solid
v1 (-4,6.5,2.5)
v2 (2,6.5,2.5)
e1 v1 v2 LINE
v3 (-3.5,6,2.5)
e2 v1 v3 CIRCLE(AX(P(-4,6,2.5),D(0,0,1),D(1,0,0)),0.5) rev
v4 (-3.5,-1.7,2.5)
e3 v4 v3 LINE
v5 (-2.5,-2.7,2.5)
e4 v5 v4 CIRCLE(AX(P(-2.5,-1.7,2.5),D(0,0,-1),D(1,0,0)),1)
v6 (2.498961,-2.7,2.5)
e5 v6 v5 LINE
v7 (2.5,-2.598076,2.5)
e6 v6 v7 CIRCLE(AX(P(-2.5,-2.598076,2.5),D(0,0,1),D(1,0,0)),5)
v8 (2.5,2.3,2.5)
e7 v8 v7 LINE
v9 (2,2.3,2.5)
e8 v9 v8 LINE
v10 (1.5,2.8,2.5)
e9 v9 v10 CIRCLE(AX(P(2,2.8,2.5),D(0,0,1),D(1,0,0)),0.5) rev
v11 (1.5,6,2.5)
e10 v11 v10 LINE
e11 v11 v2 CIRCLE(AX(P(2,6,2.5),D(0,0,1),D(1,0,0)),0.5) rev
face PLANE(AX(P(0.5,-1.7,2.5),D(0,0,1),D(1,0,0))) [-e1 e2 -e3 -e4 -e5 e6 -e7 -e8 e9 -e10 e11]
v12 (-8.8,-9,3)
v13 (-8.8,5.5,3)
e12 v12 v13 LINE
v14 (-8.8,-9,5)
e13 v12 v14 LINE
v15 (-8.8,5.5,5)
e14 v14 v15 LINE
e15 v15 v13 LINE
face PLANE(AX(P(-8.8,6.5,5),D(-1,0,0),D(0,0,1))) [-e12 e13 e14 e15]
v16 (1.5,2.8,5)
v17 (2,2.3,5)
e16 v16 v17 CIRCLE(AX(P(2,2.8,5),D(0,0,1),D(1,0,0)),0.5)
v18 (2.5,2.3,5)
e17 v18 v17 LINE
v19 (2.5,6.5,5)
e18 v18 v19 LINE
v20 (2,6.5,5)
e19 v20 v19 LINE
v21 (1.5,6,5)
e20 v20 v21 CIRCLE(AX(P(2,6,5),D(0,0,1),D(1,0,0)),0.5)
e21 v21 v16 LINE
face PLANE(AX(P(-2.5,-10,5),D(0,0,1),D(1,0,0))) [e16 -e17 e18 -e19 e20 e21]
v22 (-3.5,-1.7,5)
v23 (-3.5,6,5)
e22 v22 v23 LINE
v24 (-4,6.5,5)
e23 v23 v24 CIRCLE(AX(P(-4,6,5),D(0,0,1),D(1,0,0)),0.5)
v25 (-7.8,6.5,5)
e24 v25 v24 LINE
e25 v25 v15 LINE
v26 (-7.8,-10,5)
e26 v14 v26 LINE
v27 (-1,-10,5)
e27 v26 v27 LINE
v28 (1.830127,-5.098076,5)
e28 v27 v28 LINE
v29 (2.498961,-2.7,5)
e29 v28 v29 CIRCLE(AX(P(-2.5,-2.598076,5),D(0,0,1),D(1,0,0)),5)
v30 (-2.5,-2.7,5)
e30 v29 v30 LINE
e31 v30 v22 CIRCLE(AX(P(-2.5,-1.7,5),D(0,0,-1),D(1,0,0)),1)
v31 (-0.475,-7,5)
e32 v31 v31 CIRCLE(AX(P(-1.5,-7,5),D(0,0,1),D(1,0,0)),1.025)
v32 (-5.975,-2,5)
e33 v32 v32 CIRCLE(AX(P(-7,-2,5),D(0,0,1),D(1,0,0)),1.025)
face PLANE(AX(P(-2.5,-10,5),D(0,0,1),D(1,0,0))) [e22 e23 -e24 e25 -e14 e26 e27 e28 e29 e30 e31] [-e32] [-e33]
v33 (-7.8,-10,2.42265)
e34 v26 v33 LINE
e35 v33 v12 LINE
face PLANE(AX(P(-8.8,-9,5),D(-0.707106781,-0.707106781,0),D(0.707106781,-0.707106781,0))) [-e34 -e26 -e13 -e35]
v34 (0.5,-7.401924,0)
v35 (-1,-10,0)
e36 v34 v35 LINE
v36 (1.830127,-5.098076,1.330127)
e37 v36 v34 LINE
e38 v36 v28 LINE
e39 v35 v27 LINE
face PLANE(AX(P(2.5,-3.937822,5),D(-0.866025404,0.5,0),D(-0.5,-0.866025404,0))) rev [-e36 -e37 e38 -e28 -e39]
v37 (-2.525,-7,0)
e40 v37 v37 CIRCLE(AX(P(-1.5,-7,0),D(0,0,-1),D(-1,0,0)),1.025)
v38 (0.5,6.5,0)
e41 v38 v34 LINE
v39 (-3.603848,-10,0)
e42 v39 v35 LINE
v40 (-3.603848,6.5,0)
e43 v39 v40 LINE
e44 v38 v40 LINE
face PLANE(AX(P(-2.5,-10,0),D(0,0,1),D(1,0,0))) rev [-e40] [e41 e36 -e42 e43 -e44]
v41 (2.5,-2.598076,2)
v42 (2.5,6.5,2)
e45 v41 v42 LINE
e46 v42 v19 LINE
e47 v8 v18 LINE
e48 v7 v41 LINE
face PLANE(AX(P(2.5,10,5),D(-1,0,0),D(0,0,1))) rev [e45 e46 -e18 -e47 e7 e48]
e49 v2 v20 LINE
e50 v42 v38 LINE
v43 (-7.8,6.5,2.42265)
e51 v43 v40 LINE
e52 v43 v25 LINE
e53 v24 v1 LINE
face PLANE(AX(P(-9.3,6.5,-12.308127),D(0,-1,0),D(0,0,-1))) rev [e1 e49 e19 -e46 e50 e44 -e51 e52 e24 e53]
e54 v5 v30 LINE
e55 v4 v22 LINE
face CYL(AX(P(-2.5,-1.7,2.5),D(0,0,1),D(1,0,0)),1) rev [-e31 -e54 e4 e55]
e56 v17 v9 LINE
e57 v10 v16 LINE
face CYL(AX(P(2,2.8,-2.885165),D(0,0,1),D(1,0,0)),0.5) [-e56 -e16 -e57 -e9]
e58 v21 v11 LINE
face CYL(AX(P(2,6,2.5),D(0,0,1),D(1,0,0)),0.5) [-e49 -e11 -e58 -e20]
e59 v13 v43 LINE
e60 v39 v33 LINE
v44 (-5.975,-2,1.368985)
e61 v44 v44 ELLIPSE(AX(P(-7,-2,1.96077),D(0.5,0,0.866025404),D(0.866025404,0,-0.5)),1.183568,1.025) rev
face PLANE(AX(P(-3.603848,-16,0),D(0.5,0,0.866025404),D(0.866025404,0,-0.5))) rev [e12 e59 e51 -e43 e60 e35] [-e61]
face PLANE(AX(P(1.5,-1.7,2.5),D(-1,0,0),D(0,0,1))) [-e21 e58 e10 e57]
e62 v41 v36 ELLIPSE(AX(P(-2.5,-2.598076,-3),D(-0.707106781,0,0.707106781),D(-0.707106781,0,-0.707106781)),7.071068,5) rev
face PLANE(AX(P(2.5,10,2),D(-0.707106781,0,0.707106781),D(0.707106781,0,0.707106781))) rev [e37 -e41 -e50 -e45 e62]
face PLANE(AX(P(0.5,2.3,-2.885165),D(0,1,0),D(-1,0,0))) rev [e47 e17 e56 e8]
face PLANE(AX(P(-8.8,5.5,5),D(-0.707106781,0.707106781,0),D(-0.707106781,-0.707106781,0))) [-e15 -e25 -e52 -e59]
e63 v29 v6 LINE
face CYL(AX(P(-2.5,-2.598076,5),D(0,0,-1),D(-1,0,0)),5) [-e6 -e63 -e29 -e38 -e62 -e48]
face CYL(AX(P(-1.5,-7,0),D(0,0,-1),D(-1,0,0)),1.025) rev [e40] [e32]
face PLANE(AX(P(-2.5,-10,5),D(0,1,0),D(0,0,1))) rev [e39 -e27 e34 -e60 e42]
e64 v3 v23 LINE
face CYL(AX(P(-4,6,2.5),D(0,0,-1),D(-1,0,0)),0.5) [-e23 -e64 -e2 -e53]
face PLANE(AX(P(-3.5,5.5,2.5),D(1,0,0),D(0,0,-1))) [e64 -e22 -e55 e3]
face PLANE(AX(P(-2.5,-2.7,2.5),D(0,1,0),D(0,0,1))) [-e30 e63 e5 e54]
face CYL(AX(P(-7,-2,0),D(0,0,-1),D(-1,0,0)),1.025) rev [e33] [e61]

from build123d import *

# Parameters (mm, degrees)
SKETCH_1_W              = 5
SKETCH_1_H              = 20
EXTRUDE_1_DEPTH         = 5
SKETCH1_W               = 5
SKETCH1_H               = 20
EXTRUDE1_DEPTH          = 6.8
M2_5_TAPPED_HOLE1_D     = 2.05
M2_5_TAPPED_HOLE1_DEPTH = 6.35
M2_5_TAPPED_HOLE1_TIP   = 0.615882135
EXTRUDE2_DEPTH          = 2.5
SKETCH3_W               = 11.8
SKETCH3_H               = 3.5
EXTRUDE3_DEPTH          = 5
SKETCH4_W               = 5
SKETCH4_H               = 5
EXTRUDE4_DEPTH          = 2.5
CHAMFER4_SIZE           = 2
SKETCH8_W               = 2
SKETCH8_H               = 5
EXTRUDE6_DEPTH          = 2.5
FILLET1_R               = 0.5
FILLET2_R               = 0.5
CHAMFER6_SIZE           = 3.5
CHAMFER6_SIZE2          = 6.062177826
SKETCH12_W              = 5
SKETCH12_H              = 16.5
EXTRUDE11_DEPTH         = 0.5
EXTRUDE10_REACH         = 21.357
CHAMFER9_SIZE           = 1
FILLET3_R               = 5


with BuildPart() as part:
    # 草图1 → 拉伸1 (new body)
    with BuildSketch(Plane.XY):
        Rectangle(SKETCH_1_W, SKETCH_1_H)
    extrude(amount=EXTRUDE_1_DEPTH)

    # Sketch1 → Extrude1 (add)
    with BuildSketch(Plane.ZY.offset(2.5)):
        with Locations((2.5, 0)):
            Rectangle(SKETCH1_W, SKETCH1_H)
    extrude(amount=EXTRUDE1_DEPTH)

    # M2.5 Tapped Hole1
    with Locations(Plane(origin=(-1.5, -7, 0), x_dir=(-1, 0, 0), z_dir=(0, 0, -1))):
        with Locations((0, 0), (5.5, 5)):
            Hole(M2_5_TAPPED_HOLE1_D / 2, depth=M2_5_TAPPED_HOLE1_DEPTH)
            with Locations((0, 0, -(M2_5_TAPPED_HOLE1_DEPTH + M2_5_TAPPED_HOLE1_TIP / 2))):  # 118° drill point
                Cone(0, M2_5_TAPPED_HOLE1_D / 2, M2_5_TAPPED_HOLE1_TIP, mode=Mode.SUBTRACT)

    # Sketch2 → Extrude2 (cut)
    with BuildSketch(Plane(origin=(0, 0, 5), x_dir=(-1, 0, 0), z_dir=(0, 0, -1))):
        with BuildLine():
            Line((-1.5, -1.7), (-1.5, 5.5))
            ThreePointArc((-1.5, 5.5), (-1.207106781, 6.207106781), (-0.5, 6.5))
            Line((-0.5, 6.5), (2.5, 6.5))
            ThreePointArc((2.5, 6.5), (3.207106781, 6.207106781), (3.5, 5.5))
            Line((3.5, 5.5), (3.5, -1.7))
            ThreePointArc((3.5, -1.7), (3.207106781, -2.407106781), (2.5, -2.7))
            Line((2.5, -2.7), (-0.5, -2.7))
            ThreePointArc((-0.5, -2.7), (-1.207106781, -2.407106781), (-1.5, -1.7))
        make_face()
    extrude(amount=EXTRUDE2_DEPTH, mode=Mode.SUBTRACT)

    # Sketch3 → Extrude3 (cut)
    with BuildSketch(Plane.XY.offset(5)):
        with Locations((-3.4, 8.25)):
            Rectangle(SKETCH3_W, SKETCH3_H)
    extrude(amount=-EXTRUDE3_DEPTH, mode=Mode.SUBTRACT)

    # Sketch4 → Extrude4 (cut)
    with BuildSketch(Plane(origin=(0, 0, 5), x_dir=(-1, 0, 0), z_dir=(0, 0, -1))):
        with Locations((1, 5.5)):
            Rectangle(SKETCH4_W, SKETCH4_H)
    extrude(amount=EXTRUDE4_DEPTH, mode=Mode.SUBTRACT)

    # Chamfer4
    chamfer4_edges = [part.edges().sort_by_distance(p)[0] for p in [
        (2.5, -1.75, 0),
    ]]
    chamfer(chamfer4_edges, length=CHAMFER4_SIZE)

    # Sketch8 → Extrude6 (cut)
    with BuildSketch(Plane.XY.offset(5)):
        with Locations((1.5, -0.2)):
            Rectangle(SKETCH8_W, SKETCH8_H)
    extrude(amount=-EXTRUDE6_DEPTH, mode=Mode.SUBTRACT)

    # Fillet1
    fillet1_edges = [part.edges().sort_by_distance(p)[0] for p in [
        (1.5, 2.3, 3.75),
    ]]
    fillet(fillet1_edges, radius=FILLET1_R)

    # Fillet2
    fillet2_edges = [part.edges().sort_by_distance(p)[0] for p in [
        (-3.5, 6.5, 3.75),
        (1.5, 6.5, 3.75),
    ]]
    fillet(fillet2_edges, radius=FILLET2_R)

    # Chamfer6
    chamfer6_edges = [part.edges().sort_by_distance(p)[0] for p in [
        (2.5, -10, 3.5),
    ]]
    chamfer6_side = [part.faces().sort_by_distance(p)[0] for p in [
        (-3.583625731, -10, 2.564327485),
    ]]
    chamfer(chamfer6_edges, length=CHAMFER6_SIZE, length2=CHAMFER6_SIZE2, reference=chamfer6_side[0])

    # Sketch12 → Extrude11 (cut)
    with BuildSketch(Plane.ZY.offset(9.3)):
        with Locations((2.5, -1.75)):
            Rectangle(SKETCH12_W, SKETCH12_H)
    extrude(amount=-EXTRUDE11_DEPTH, mode=Mode.SUBTRACT)

    # Extrude10: up to this face of the body (flat: up to its plane)
    extrude10_end = Plane(part.part.faces().sort_by_distance((-4.9, -10, 2.5))[0])
    # Sketch13 → Extrude10 (cut, up to the picked face)
    with BuildSketch(Plane(origin=(0, 6.5, 0), x_dir=(1, 0, 0), z_dir=(0, 1, 0)), mode=Mode.PRIVATE) as extrude10_sk1:
        Polygon((-8.8, -3), (-8.8, 0), (-3.603847577, 0), align=None)
    extrude10_tool1 = split(extrude(extrude10_sk1.sketch, amount=-EXTRUDE10_REACH, mode=Mode.PRIVATE), bisect_by=extrude10_end, keep=Keep.BOTH, mode=Mode.PRIVATE)
    add(extrude10_tool1.solids().sort_by(Axis((-7.067949, 6.5, 1), (0, -1, 0)))[0], mode=Mode.SUBTRACT)

    # Chamfer9
    chamfer9_edges = [part.edges().sort_by_distance(p)[0] for p in [
        (-8.8, 6.5, 4),
        (-8.8, -10, 4),
    ]]
    chamfer(chamfer9_edges, length=CHAMFER9_SIZE)

    # Fillet3
    fillet3_edges = [part.edges().sort_by_distance(p)[0] for p in [
        (2.5, -3.937822174, 3.5),
    ]]
    fillet(fillet3_edges, radius=FILLET3_R)


solid = part.part
